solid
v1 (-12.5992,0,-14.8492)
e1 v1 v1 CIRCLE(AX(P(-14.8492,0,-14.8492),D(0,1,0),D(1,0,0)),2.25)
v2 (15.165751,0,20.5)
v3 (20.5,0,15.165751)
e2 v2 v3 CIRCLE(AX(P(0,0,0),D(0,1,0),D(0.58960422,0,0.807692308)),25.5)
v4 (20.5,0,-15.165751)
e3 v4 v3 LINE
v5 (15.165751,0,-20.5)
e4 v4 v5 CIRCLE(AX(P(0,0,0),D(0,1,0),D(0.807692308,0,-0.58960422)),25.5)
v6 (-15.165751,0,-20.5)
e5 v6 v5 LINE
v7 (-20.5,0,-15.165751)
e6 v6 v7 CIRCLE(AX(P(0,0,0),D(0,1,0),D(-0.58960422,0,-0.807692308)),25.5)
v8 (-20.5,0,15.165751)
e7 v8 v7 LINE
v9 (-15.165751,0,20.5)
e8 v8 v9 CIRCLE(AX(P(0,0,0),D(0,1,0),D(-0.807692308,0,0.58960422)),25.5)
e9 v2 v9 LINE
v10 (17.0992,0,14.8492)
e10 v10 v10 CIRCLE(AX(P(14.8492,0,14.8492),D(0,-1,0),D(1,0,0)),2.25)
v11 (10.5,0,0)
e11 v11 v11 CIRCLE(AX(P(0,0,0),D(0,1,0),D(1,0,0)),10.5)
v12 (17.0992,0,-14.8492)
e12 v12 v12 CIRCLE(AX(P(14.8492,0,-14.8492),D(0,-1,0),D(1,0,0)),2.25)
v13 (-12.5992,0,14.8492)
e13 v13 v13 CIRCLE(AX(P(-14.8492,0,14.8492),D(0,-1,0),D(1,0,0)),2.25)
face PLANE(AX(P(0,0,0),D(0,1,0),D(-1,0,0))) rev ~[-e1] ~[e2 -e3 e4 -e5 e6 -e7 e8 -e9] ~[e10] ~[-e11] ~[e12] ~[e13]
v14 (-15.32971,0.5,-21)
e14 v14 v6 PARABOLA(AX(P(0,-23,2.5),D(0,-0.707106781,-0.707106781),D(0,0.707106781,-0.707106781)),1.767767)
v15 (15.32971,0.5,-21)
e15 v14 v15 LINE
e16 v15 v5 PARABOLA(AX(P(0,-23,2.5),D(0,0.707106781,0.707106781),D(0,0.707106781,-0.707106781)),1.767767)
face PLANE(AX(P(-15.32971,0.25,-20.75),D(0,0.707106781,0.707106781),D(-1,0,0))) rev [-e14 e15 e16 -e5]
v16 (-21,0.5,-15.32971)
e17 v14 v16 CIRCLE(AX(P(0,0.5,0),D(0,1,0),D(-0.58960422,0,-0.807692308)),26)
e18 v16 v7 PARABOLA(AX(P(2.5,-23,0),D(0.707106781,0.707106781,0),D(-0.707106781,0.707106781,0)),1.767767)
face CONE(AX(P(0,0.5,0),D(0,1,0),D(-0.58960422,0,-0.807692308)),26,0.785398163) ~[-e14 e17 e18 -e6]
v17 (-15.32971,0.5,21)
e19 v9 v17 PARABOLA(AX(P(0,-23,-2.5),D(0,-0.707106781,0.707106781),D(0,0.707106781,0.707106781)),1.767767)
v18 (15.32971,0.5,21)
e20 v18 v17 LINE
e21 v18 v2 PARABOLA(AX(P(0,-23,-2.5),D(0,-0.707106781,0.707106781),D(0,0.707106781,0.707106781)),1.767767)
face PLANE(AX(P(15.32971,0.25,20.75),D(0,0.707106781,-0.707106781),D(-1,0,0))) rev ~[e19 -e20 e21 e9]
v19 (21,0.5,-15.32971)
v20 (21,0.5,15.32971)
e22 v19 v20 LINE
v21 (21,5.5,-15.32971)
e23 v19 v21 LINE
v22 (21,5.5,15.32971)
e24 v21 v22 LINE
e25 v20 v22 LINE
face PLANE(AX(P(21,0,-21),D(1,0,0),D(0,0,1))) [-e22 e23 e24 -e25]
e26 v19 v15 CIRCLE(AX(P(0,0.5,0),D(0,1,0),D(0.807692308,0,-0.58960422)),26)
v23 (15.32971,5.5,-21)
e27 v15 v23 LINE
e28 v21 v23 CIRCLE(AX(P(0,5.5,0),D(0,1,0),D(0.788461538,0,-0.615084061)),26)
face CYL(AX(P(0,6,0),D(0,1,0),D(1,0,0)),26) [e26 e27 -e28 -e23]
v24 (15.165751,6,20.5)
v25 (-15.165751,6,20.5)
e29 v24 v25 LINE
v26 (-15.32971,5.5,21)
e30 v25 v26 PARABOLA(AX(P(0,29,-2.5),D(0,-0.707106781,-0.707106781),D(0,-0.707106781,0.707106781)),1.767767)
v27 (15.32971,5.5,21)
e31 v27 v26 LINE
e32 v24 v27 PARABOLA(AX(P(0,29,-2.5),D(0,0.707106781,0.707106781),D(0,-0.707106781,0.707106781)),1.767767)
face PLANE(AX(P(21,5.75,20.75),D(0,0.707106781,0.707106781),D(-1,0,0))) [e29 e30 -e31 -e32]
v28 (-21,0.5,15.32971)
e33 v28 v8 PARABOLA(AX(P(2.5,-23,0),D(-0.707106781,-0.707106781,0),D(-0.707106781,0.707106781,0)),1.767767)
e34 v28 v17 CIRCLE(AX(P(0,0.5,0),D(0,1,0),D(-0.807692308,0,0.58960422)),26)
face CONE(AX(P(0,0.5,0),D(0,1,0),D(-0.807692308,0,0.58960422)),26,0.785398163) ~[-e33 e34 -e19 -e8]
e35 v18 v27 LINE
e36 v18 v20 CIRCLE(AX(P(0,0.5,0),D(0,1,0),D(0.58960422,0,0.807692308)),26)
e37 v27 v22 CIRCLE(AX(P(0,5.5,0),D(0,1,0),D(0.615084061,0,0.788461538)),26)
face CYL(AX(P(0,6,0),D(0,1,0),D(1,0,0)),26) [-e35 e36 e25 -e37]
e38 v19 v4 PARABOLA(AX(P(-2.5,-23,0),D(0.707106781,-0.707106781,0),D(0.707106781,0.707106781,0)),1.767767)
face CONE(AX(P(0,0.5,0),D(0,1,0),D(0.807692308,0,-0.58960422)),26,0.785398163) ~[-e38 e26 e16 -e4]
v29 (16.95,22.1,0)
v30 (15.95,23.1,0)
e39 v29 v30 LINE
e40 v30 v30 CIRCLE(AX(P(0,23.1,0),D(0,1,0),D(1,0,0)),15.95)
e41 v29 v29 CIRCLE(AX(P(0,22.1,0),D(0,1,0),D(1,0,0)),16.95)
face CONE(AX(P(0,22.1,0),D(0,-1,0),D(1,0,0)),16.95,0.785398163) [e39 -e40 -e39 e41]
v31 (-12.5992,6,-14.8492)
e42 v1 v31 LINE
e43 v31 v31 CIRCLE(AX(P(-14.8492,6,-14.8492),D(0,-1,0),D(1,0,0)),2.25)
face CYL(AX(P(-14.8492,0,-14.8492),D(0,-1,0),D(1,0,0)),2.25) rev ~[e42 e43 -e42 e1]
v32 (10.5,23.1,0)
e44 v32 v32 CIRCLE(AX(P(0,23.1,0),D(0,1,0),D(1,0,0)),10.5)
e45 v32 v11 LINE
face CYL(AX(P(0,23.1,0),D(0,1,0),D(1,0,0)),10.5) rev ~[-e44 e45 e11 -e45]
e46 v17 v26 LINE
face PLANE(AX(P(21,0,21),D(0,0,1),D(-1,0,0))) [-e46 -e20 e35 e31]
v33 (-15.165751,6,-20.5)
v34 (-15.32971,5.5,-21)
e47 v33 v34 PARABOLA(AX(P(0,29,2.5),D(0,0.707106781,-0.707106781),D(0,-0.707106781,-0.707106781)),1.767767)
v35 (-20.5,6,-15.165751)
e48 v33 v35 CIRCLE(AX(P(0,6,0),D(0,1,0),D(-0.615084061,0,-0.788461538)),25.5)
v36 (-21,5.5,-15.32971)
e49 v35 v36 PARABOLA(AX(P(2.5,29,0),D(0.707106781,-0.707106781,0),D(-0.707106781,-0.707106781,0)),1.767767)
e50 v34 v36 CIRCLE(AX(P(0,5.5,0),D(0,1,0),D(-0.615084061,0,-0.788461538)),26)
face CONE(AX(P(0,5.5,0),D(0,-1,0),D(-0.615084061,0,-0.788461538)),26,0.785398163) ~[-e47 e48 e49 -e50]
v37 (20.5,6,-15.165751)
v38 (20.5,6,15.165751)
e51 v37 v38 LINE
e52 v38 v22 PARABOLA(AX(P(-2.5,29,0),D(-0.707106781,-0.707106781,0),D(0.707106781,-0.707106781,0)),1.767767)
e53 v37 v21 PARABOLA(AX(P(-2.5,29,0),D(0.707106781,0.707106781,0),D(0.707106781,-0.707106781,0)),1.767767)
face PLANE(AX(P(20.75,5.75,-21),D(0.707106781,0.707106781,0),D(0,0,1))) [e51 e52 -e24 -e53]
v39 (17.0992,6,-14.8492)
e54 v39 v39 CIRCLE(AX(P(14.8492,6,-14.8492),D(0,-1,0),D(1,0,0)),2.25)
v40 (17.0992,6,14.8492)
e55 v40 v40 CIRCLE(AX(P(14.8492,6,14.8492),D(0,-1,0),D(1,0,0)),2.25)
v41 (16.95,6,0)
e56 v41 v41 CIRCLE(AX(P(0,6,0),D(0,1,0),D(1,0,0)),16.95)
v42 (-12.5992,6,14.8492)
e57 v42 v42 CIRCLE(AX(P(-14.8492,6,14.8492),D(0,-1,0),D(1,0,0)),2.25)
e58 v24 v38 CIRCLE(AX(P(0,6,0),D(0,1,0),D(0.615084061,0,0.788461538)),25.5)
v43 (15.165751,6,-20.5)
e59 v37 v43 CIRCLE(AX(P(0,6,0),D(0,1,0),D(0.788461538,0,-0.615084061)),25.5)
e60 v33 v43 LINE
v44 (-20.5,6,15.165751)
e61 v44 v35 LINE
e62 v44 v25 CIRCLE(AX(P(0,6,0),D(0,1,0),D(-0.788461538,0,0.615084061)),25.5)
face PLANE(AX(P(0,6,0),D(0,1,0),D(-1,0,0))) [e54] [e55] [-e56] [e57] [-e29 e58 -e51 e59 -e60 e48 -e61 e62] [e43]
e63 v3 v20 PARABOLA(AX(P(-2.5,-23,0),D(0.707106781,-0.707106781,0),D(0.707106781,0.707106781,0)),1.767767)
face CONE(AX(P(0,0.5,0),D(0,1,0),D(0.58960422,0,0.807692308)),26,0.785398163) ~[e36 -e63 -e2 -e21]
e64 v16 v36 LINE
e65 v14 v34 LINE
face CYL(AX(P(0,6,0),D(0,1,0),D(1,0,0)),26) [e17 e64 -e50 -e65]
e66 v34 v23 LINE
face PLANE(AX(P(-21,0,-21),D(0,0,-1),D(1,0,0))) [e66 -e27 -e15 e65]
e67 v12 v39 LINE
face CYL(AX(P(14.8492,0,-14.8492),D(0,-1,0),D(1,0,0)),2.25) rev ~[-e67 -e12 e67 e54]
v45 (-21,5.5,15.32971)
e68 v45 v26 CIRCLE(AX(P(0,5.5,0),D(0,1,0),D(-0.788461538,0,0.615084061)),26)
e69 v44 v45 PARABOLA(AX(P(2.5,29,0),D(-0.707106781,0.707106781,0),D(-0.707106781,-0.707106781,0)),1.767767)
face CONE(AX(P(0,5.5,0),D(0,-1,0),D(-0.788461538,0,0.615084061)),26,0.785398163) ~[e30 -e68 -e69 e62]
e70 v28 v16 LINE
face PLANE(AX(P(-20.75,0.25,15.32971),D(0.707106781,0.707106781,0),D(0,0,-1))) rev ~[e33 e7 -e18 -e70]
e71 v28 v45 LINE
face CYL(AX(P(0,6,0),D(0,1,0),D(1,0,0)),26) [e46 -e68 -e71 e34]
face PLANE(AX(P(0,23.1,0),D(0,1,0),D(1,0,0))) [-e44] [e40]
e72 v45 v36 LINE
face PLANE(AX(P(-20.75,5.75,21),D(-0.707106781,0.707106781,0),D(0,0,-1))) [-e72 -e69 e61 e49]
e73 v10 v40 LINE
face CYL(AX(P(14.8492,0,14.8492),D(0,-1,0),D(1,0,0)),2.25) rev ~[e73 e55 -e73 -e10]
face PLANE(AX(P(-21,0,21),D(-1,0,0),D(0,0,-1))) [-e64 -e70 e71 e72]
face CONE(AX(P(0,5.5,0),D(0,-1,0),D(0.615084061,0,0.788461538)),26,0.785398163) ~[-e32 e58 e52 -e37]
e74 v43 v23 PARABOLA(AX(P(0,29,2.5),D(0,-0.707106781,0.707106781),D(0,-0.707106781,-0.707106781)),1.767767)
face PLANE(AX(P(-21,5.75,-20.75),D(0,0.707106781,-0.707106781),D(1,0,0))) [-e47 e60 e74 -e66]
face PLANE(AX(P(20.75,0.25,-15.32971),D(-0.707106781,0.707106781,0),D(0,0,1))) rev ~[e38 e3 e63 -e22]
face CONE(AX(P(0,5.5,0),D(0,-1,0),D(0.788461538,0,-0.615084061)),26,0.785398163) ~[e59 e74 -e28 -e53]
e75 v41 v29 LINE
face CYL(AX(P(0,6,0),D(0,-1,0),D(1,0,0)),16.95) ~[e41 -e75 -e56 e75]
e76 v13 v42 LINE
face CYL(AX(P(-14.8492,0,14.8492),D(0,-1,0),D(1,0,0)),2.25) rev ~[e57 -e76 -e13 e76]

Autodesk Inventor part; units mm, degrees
ref_plane "YZ Plane" through (0, 0, 0) normal (1, 0, 0) x (0, 1, 0)
ref_plane "XZ Plane" through (0, 0, 0) normal (0, 1, 0) x (-1, 0, 0)
ref_plane "XY Plane" through (0, 0, 0) normal (0, 0, 1) x (1, 0, 0)
sketch "Sketch1" plane through (0, 0, 0) normal (0, 1, 0) x (-1, 0, 0)
  line L0 (21, -21) -> (-21, -21)
  line L1 (-21, -21) -> (-21, 21)
  line L2 (-21, 21) -> (21, 21)
  line L3 (21, 21) -> (21, -21)
  point P0 (0, 0)
  dimension "d3" = 42
  dimension "d4" = 42
extrude "Extrusion1" add sketch "Sketch1" along normal blind 6
sketch "Sketch2" plane through (0, 6, 0) normal (0, 1, 0) x (1, 0, 0)
  circle A0 centre (0, 0) radius 16.95
  dimension "d7" = 33.9
extrude "Extrusion2" add sketch "Sketch2" along normal blind 17.1
sketch "Sketch3" plane through (0, 23.1, 0) normal (0, 1, 0) x (1, 0, 0)
  circle A0 centre (0, 0) radius 10.5
  dimension "d10" = 21
extrude "Extrusion3" cut sketch "Sketch3" against normal blind 76.65
sketch "Sketch4" plane through (0, 6, 0) normal (0, 1, 0) x (1, 0, 0)
  point P0 (0, 0)
sketch "Sketch5" plane through (0, 0, 0) normal (0, -1, 0) x (1, 0, 0)
  line L0 (-21, -21) -> (21, -21) projected
  circle A0 centre (0, 0) radius 10.5 projected
  line L1 (-21, -21) -> (0, 0)
  line L2 (-7.4246, -7.4246) -> (-12.0208, -12.0208)
  line L3 (-12.0208, -12.0208) -> (-17.6777, -17.6777)
  circle A1 centre (-14.8492, -14.8492) radius 4
  circle A2 centre (-14.8492, -14.8492) radius 2.25
  circle A3 centre (14.8492, -14.8492) radius 2.25
  circle A4 centre (14.8492, 14.8492) radius 2.25
  circle A5 centre (-14.8492, 14.8492) radius 2.25
  dimension "d13" = 6.5
  dimension "d14" = 8
  dimension "d15" = 4.5
  dimension "d18" = 360
extrude "Extrusion4" cut sketch "Sketch5" against normal blind 88.15 contours A2 L1 | L1 A2 | A3 | A4 | A5
chamfer "Chamfer1" distance 1 angle 45 1 edges at (-16.95, 23.1, 0)
chamfer "Chamfer2" distance 0.5 angle 45 4 edges at (0, 6, -21) (-21, 6, 0) (0, 6, 21) (21, 6, 0)
sketch "Sketch6" plane through (0, 6, 0) normal (0, 1, 0) x (1, 0, 0)
  line L0 (-20.5, -20.5) -> (-20.5, 20.5) projected
  circle A0 centre (0, 0) radius 15.95 projected
  line L1 (-20.5, 20.5) -> (0, 0)
  circle A1 centre (0, 0) radius 10.5 projected
  line L2 (-7.4246, 7.4246) -> (-18.3848, 18.3848)
  circle A2 centre (0, 0) radius 26
  circle A3 centre (0, 0) radius 31.7761
  dimension "d28" = 15.5
extrude "Extrusion5" cut sketch "Sketch6" against normal blind 219.6 contours L0 L1 A2 | A3
chamfer "Chamfer3" distance 0.5 angle 45 12 edges at (-18.3848, 6, -18.3848) (18.3848, 6, -18.3848) (18.3848, 6, 18.3848) (-18.3848, 6, 18.3848) (-18.3848, 0, -18.3848) (0, 0, -21) (18.3848, 0, -18.3848) (21, 0, 0) (18.3848, 0, 18.3848) (0, 0, 21) (-18.3848, 0, 18.3848) (-21, 0, 0)
properties part number "608ZZ Ball Screw Support Unit"
